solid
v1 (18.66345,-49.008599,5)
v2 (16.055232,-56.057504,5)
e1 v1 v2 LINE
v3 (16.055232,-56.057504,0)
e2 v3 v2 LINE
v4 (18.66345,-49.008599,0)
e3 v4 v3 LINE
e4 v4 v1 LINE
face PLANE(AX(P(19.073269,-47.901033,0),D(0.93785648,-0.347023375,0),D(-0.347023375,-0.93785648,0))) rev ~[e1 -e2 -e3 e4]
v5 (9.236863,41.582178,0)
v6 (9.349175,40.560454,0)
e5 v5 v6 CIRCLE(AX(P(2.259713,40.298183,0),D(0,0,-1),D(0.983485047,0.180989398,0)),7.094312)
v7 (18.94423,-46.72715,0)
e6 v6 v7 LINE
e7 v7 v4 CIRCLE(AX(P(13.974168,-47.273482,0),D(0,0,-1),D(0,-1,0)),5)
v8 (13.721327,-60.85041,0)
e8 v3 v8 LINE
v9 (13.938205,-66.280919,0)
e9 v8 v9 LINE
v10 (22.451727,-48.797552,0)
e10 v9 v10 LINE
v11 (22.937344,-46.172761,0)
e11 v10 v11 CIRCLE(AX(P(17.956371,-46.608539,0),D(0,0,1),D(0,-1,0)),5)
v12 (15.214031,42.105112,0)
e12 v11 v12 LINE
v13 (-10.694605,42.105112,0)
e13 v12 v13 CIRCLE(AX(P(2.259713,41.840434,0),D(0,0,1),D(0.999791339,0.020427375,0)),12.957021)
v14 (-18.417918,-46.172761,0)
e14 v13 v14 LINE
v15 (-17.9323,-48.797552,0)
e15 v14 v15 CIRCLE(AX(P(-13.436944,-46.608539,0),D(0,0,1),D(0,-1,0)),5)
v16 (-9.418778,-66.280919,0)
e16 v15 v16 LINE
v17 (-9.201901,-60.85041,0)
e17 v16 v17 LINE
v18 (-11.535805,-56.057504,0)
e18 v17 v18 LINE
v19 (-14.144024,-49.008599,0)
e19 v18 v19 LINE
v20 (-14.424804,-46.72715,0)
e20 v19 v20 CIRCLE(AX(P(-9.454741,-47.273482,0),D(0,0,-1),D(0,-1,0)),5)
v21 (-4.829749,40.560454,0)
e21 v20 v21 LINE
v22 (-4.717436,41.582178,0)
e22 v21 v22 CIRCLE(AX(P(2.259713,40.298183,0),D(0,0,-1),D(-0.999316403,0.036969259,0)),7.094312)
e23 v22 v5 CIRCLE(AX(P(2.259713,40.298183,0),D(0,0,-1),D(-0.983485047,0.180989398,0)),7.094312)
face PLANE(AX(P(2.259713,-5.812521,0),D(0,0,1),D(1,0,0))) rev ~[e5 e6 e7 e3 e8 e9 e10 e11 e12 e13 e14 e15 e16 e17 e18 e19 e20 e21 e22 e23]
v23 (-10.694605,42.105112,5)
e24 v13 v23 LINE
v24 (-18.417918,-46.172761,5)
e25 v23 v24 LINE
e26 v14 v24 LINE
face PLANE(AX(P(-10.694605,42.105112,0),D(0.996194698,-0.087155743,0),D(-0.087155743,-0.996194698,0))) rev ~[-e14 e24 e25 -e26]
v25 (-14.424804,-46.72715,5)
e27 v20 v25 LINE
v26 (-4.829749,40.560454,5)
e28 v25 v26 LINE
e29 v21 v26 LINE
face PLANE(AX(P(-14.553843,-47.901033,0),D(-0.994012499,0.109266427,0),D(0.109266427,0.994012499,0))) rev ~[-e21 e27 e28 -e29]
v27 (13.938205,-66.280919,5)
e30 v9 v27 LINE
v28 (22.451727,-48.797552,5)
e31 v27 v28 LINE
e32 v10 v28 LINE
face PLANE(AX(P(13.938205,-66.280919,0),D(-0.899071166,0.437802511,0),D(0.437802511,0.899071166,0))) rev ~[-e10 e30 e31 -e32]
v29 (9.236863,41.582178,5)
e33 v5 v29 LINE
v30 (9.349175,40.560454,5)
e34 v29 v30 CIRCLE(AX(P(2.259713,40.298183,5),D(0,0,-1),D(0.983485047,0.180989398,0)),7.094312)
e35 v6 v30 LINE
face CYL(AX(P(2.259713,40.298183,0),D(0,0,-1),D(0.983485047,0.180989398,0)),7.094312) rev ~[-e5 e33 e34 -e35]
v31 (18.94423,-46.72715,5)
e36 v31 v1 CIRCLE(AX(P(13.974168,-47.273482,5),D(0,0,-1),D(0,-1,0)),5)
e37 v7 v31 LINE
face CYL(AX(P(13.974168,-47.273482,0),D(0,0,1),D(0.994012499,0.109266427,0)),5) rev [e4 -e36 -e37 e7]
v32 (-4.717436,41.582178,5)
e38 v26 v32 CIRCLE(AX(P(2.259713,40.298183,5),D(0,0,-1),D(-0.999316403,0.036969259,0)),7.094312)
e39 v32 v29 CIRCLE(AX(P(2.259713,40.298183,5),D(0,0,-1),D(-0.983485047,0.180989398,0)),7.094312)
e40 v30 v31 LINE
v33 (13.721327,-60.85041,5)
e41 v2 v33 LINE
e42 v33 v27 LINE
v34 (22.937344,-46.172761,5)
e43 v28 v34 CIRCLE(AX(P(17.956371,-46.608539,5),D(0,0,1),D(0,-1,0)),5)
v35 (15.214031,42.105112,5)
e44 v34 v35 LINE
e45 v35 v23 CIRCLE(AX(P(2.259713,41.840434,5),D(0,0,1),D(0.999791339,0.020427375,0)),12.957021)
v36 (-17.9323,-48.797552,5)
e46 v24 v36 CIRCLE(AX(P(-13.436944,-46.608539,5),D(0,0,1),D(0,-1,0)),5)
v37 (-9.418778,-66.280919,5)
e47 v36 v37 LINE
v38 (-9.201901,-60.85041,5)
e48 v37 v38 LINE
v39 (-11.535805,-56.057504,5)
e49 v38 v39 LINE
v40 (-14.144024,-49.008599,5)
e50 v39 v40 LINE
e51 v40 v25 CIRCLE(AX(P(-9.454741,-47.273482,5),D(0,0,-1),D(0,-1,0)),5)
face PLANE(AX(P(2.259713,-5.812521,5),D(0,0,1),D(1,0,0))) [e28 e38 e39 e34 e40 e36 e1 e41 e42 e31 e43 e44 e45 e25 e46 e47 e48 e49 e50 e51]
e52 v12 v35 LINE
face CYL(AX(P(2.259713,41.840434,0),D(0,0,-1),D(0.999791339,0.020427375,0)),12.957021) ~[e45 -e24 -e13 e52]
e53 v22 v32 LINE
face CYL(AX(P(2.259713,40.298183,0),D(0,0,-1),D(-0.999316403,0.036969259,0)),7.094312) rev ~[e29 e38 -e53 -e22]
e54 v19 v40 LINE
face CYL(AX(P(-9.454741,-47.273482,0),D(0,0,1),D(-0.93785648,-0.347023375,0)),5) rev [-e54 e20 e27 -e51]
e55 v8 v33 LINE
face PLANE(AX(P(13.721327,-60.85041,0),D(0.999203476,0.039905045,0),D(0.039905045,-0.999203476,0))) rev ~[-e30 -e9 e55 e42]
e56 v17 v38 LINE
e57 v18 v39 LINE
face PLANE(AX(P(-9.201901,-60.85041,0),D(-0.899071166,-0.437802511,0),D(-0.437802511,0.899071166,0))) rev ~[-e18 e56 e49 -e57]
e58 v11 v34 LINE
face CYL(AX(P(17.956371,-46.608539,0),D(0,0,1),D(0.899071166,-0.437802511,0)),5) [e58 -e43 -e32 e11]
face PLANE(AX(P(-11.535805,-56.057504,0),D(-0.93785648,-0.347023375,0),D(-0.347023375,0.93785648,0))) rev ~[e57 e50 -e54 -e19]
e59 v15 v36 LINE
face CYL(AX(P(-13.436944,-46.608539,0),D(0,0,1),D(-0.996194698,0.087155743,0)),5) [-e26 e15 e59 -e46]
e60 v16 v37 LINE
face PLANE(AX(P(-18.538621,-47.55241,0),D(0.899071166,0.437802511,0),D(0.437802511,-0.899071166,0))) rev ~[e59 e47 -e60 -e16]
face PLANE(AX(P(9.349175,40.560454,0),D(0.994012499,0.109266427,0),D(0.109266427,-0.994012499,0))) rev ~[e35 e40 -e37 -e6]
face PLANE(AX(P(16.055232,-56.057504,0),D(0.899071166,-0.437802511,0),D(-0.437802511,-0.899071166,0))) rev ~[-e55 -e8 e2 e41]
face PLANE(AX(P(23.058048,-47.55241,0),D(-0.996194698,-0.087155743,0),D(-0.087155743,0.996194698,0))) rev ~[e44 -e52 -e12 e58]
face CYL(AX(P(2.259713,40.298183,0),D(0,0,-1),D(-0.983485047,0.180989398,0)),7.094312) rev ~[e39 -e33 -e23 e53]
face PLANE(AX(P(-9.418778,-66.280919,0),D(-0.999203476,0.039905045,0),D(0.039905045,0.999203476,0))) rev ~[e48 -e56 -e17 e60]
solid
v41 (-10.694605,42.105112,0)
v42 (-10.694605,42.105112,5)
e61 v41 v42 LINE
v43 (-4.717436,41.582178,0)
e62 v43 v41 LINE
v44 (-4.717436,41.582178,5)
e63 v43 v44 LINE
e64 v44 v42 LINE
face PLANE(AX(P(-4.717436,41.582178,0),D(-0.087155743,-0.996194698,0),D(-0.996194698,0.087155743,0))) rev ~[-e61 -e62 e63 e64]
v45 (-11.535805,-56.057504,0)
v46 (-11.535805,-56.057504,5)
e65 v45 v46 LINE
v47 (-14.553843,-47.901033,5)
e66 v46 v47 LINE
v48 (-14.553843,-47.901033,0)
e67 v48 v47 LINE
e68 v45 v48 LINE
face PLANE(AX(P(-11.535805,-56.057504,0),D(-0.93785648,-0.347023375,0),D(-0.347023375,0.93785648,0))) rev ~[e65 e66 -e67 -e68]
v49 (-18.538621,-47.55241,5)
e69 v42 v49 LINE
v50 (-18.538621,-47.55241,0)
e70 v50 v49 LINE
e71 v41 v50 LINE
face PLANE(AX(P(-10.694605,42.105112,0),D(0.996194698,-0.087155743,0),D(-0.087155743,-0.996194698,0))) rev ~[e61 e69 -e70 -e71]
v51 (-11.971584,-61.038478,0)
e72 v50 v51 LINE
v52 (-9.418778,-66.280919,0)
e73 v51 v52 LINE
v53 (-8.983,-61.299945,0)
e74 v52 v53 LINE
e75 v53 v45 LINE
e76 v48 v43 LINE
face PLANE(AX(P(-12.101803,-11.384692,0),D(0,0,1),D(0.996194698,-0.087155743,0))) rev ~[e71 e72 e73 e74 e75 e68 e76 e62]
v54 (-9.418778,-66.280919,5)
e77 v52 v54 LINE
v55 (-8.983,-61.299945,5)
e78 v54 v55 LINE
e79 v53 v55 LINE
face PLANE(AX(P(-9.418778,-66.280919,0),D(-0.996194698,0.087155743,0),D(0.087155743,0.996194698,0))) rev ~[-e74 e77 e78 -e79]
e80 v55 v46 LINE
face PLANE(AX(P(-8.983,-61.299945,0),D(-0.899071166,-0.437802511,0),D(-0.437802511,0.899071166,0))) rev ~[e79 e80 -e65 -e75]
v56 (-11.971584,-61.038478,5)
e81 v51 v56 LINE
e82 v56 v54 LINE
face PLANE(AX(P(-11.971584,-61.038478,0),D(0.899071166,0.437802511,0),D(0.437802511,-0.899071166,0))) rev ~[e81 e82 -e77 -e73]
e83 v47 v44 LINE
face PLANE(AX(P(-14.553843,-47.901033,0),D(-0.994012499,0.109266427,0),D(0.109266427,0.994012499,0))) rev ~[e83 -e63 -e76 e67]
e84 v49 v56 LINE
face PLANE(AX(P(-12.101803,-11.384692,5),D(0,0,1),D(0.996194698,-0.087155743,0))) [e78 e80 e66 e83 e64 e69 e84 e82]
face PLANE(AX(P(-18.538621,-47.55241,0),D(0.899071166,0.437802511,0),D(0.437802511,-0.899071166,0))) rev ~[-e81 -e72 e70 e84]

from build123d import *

# Parameters (mm, degrees)
F1_DEPTH = 5
F2_ANGLE = 5
F4_DEPTH = 5
F5_R     = 5


with BuildPart() as f1:
    # F0 (on Top) → F1 (new body)
    with BuildSketch(Plane.XY):
        Polygon((-3, -61.2802159786), (0, -66.2802159786), (0, -61.2802159786), (-3, -56.2802159786), (-6.7174363314, -48.4178220929), (-4.7174363314, 41.5821779071), (-10.7174363314, 41.5821779071), (-10.7174363314, -48.4178220929), align=None)
    extrude(amount=F1_DEPTH)


with BuildPart() as f1_1:
    # F2: moved
    add(f1.part.rotate(Axis((-4.7174363314, 41.5821779071, 2.5), (0, 0, -1)), F2_ANGLE))


with BuildPart() as f4:
    # F3 (on Top) → F4 (new body)
    with BuildSketch(Plane.XY):
        with BuildLine():
            ThreePointArc((9.236862883, 41.5821779071), (9.3115479095, 41.0733527812), (9.3491754611, 40.5604541271))
            Line((9.3491754611, 40.5604541271), (19.0732691264, -47.9010334357))
            Line((19.0732691264, -47.9010334357), (16.0552315415, -56.0575044635))
            Line((16.0552315415, -56.0575044635), (13.7213274164, -60.8504095992))
            Line((13.7213274164, -60.8504095992), (13.9382048747, -66.2809186727))
            Line((13.9382048747, -66.2809186727), (23.0580479188, -47.5524104647))
            Line((23.0580479188, -47.5524104647), (15.2140310715, 42.1051123636))
            ThreePointArc((15.2140310715, 42.1051123636), (2.2597132758, 54.7974558397), (-10.69460452, 42.1051123636))
            Line((-10.69460452, 42.1051123636), (-18.5386213673, -47.5524104647))
            Line((-18.5386213673, -47.5524104647), (-9.4187783231, -66.2809186727))
            Line((-9.4187783231, -66.2809186727), (-9.2019008648, -60.8504095992))
            Line((-9.2019008648, -60.8504095992), (-11.5358049899, -56.0575044635))
            Line((-11.5358049899, -56.0575044635), (-14.5538425749, -47.9010334357))
            Line((-14.5538425749, -47.9010334357), (-4.8297489096, 40.5604541271))
            ThreePointArc((-4.8297489096, 40.5604541271), (-4.7921213579, 41.0733527812), (-4.7174363314, 41.5821779071))
            ThreePointArc((-4.7174363314, 41.5821779071), (2.2597132758, 47.3924945109), (9.236862883, 41.5821779071))
        make_face()
    extrude(amount=F4_DEPTH)

    # F5
    f5_edges = [f4.edges().sort_by_distance(p)[0] for p in [
        (-18.538621, -47.55241, 2.5),
        (-14.553843, -47.901033, 2.5),
        (19.073269, -47.901033, 2.5),
        (23.058048, -47.55241, 2.5),
    ]]
    fillet(f5_edges, radius=F5_R)


solid = Compound([f1_1.part, f4.part])
